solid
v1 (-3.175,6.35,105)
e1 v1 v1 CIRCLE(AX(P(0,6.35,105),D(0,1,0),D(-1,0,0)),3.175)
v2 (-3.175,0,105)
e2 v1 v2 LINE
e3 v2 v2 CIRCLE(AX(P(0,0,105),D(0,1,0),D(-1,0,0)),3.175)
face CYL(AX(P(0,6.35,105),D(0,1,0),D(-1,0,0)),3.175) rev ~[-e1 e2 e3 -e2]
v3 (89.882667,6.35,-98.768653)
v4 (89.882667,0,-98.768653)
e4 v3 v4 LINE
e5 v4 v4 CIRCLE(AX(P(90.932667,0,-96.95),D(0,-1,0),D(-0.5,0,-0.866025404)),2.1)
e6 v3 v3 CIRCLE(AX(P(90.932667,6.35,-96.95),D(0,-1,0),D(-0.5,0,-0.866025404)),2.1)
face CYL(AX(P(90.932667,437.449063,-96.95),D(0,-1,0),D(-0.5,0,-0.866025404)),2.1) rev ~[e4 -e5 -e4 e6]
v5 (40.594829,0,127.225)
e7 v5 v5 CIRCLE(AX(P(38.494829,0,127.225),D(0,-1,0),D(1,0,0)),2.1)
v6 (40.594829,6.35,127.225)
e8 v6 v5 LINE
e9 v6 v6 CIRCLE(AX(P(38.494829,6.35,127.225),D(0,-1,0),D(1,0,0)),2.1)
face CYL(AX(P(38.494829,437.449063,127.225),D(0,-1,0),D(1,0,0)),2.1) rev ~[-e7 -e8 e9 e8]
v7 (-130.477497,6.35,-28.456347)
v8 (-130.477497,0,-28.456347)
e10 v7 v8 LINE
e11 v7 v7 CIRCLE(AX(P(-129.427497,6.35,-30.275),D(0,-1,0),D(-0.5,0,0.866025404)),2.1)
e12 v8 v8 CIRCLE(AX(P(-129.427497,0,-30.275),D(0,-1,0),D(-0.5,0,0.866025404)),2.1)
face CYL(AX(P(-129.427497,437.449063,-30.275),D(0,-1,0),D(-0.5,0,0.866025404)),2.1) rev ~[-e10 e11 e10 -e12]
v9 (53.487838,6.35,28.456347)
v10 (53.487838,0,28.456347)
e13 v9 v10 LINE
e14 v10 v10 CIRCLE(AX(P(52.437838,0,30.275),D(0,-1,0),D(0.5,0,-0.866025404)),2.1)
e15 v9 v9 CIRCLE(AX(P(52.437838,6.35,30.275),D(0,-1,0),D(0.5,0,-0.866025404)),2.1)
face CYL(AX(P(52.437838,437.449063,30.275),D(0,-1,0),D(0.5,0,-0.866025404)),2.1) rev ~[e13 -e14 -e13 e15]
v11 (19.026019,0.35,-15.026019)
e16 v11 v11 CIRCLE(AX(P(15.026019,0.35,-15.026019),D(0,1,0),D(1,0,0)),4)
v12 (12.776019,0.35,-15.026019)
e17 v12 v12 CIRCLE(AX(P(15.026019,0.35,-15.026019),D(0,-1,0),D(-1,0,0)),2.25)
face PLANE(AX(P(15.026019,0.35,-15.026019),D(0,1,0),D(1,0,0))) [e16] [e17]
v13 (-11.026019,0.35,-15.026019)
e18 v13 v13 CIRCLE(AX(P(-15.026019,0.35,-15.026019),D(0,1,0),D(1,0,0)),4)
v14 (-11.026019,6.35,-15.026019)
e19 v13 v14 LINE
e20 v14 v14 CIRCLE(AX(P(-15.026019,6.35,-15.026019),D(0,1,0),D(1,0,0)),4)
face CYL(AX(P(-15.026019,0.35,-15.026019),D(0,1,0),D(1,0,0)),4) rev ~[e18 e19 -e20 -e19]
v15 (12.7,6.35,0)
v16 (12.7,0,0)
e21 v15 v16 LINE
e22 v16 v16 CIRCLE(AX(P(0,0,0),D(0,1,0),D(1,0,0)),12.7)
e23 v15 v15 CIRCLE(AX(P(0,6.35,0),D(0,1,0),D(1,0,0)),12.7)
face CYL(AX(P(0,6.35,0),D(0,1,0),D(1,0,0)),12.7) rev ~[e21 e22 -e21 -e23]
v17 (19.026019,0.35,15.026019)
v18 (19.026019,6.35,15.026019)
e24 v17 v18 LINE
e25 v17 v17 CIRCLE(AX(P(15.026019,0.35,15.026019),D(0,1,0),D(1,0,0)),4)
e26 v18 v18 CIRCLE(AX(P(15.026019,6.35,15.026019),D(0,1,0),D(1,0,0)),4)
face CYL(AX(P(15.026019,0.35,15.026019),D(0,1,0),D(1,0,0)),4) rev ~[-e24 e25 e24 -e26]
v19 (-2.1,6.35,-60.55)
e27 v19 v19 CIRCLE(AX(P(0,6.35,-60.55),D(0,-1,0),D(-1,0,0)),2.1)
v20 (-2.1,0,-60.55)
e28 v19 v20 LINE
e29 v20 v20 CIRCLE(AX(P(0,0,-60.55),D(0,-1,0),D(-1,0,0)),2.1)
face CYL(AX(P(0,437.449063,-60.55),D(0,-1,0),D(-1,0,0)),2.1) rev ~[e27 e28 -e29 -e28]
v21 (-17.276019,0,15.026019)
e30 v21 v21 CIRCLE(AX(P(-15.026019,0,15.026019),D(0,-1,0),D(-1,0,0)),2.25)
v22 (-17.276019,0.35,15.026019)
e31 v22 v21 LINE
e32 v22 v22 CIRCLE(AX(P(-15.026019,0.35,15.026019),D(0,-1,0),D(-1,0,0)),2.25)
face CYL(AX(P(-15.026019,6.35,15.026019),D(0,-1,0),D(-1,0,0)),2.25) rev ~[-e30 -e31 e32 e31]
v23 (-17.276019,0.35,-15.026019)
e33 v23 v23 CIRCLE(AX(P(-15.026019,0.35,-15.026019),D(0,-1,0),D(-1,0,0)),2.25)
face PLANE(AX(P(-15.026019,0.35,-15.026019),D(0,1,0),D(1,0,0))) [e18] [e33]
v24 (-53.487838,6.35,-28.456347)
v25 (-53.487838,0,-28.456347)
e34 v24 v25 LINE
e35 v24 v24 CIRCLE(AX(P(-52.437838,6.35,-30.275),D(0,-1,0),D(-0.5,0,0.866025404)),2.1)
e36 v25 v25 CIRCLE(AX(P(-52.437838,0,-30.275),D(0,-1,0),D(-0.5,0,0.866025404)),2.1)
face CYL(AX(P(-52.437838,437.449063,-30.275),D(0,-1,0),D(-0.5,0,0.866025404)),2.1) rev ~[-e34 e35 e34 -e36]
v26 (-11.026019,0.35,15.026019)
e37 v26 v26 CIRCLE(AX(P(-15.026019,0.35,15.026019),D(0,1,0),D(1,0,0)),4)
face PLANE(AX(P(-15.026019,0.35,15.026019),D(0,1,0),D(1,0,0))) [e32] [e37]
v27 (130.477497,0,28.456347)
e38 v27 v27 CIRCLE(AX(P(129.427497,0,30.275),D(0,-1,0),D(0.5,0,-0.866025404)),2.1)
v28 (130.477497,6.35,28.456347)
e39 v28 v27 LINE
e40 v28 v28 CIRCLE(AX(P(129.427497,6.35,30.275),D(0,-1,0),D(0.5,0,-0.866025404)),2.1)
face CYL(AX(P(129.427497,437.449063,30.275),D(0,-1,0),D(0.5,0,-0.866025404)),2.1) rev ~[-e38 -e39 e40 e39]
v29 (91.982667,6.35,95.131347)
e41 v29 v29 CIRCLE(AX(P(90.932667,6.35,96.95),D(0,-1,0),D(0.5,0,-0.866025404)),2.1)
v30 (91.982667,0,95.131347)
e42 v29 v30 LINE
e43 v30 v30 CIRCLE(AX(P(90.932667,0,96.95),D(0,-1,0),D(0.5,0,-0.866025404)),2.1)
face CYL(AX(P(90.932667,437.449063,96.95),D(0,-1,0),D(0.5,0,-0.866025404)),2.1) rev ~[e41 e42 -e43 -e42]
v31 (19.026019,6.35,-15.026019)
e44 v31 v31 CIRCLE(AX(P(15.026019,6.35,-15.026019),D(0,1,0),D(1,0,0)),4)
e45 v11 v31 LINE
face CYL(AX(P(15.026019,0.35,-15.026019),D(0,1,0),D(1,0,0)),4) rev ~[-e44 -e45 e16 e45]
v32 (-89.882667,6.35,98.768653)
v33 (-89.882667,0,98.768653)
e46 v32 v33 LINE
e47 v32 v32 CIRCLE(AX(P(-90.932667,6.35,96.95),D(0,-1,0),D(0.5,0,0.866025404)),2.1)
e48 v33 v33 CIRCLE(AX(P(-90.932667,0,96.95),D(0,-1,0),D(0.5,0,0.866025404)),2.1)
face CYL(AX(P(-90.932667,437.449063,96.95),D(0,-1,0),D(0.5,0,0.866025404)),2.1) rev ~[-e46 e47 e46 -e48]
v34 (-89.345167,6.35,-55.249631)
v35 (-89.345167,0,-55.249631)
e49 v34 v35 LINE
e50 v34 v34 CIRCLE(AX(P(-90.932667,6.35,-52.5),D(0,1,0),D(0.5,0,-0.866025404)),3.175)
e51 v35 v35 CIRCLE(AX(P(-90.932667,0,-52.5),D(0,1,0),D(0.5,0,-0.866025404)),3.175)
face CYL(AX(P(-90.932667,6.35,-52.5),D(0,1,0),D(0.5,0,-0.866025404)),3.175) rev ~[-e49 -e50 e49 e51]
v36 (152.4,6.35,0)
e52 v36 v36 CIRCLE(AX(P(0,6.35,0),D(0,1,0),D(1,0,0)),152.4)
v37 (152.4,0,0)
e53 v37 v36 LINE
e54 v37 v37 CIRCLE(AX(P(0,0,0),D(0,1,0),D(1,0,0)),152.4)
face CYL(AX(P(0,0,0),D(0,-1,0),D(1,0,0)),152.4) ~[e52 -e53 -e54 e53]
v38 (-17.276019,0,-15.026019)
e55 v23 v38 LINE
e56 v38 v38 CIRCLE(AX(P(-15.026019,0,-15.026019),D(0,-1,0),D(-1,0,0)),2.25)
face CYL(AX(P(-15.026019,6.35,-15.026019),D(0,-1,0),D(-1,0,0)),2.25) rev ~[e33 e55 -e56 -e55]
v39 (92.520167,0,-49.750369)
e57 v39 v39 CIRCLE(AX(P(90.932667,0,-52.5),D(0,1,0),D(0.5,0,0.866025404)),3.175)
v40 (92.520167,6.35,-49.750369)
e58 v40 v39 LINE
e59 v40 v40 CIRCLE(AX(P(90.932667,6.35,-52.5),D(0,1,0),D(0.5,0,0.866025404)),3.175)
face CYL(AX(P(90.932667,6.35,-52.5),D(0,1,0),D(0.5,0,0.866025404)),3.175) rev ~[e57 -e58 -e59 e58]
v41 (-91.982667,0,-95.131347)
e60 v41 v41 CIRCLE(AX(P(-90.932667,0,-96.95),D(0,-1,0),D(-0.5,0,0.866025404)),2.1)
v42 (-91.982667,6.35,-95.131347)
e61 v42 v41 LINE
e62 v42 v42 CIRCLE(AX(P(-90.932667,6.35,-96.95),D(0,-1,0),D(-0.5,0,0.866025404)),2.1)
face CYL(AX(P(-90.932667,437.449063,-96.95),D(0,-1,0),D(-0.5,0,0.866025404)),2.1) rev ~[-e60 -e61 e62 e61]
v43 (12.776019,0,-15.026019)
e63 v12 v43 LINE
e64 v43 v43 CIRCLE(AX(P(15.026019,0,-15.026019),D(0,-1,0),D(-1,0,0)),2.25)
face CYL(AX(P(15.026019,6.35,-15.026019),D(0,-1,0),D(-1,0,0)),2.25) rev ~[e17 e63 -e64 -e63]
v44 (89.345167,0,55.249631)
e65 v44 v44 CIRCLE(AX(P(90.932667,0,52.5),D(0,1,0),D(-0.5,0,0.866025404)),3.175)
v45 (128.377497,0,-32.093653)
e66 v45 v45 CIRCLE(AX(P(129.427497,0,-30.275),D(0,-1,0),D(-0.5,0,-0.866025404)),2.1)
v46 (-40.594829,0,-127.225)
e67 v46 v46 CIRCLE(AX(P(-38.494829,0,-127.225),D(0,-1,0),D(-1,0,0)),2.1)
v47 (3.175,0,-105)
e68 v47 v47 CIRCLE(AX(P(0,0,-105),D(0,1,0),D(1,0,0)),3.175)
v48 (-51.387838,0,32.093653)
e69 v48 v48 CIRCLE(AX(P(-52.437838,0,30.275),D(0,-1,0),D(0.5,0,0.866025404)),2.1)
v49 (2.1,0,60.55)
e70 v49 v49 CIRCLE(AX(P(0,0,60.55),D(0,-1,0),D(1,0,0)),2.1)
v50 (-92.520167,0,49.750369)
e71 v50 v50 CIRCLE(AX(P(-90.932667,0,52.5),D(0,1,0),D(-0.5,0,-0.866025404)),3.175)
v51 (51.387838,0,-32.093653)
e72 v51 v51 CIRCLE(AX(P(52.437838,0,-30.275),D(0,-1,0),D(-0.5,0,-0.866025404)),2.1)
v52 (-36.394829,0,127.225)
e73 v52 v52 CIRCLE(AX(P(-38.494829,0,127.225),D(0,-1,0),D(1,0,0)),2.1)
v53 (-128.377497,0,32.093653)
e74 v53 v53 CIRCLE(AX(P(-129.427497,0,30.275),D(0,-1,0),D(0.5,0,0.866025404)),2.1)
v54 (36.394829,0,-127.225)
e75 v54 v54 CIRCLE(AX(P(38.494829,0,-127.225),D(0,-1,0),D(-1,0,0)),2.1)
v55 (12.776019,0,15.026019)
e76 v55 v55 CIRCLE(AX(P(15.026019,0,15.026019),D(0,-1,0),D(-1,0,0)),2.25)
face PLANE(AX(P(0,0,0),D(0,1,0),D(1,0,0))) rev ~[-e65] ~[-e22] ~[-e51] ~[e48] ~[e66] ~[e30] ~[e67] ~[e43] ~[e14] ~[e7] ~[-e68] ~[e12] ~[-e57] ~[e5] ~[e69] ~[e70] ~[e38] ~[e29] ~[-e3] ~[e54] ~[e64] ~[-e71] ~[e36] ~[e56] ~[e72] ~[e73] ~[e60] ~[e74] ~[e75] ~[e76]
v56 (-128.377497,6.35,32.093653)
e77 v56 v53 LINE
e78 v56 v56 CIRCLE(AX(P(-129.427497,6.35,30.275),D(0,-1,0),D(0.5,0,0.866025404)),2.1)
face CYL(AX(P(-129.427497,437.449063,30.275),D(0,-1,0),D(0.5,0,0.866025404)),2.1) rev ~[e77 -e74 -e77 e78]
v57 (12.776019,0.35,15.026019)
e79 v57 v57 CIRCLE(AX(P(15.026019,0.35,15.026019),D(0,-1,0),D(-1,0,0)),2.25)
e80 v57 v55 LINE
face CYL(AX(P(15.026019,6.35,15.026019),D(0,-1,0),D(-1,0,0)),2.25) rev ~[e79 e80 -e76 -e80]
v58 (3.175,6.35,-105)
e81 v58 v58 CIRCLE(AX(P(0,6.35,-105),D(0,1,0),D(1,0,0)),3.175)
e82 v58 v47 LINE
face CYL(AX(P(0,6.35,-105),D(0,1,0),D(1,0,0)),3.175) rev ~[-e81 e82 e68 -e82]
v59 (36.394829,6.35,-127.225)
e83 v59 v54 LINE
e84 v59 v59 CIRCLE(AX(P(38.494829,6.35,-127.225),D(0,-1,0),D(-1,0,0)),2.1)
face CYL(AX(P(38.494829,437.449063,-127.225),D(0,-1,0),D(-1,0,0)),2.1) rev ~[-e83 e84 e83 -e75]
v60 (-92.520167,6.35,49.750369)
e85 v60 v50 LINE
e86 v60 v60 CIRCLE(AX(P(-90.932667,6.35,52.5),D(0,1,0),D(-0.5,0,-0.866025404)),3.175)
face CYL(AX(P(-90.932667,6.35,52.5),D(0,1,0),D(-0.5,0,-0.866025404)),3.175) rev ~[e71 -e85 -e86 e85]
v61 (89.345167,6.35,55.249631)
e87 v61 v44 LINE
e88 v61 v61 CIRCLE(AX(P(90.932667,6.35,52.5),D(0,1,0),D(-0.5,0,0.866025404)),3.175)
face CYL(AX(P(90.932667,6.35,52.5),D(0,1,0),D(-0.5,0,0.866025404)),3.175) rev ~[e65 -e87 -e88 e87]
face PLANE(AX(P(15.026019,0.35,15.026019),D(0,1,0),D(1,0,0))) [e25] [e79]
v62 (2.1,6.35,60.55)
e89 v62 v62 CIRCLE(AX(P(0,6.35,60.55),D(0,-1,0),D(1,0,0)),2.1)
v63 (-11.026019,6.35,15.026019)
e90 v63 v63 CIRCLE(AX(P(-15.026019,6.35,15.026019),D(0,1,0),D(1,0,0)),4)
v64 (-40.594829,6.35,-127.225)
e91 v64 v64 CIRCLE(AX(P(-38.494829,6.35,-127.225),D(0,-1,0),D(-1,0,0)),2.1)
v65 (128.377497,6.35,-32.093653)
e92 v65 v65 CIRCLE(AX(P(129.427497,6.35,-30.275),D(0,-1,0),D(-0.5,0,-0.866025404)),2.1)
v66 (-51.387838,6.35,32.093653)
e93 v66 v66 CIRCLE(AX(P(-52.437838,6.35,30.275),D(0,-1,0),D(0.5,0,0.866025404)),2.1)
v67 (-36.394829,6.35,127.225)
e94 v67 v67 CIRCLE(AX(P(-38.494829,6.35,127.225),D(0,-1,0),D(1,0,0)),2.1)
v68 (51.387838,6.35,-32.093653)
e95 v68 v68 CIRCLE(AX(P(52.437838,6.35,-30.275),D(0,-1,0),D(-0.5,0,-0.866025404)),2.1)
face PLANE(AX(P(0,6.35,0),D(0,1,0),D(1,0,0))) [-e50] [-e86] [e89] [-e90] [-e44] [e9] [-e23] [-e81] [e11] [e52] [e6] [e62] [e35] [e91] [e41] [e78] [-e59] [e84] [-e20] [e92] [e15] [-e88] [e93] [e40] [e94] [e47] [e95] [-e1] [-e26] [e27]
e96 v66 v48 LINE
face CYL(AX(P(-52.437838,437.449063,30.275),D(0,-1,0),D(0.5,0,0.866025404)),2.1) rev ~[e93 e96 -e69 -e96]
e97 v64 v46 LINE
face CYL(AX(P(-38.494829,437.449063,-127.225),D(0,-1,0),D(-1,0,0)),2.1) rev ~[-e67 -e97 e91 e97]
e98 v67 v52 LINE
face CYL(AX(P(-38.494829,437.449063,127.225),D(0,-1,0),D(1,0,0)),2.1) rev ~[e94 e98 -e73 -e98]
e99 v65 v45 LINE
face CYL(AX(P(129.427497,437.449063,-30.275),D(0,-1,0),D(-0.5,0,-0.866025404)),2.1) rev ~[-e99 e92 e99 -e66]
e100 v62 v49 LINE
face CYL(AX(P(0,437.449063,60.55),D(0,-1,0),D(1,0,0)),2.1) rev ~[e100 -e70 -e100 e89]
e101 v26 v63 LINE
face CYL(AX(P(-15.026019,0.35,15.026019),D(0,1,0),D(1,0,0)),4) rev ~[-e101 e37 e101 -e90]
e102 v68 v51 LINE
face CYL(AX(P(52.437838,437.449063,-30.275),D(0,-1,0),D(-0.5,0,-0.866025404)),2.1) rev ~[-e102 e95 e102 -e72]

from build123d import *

# Parameters (mm, degrees)
SKETCH1_R                      = 152.4
BOSS_EXTRUDE1_DEPTH            = 6.35
M5X0_8_SET_SCREWS_D            = 4.2
SKETCH5_R                      = 3.175
CUT_EXTRUDE1_DEPTH             = 7.35
CIRPATTERN1_COUNT              = 6
SKETCH6_R                      = 12.7
CUT_EXTRUDE2_DEPTH             = 7.35
CBORE_FOR_M4_SHCS1_D           = 4.5
CBORE_FOR_M4_SHCS1_CBORE_D     = 8
CBORE_FOR_M4_SHCS1_CBORE_DEPTH = 6


with BuildPart() as part:
    # Sketch1 → Boss-Extrude1 (new body)
    with BuildSketch(Plane(origin=(0, 0, 0), x_dir=(1, 0, 0), z_dir=(0, 1, 0))):
        Circle(SKETCH1_R)
    extrude(amount=BOSS_EXTRUDE1_DEPTH)

    # M5x0.8 Set Screws (through all)
    with Locations(Plane(origin=(0, 6.35, 0), x_dir=(1, 0, 0), z_dir=(0, 1, 0))):
        with Locations((-38.494829198, 127.225), (38.494829198, 127.225), (0, 60.55)):
            m5x0_8_set_screws = Hole(M5X0_8_SET_SCREWS_D / 2)

    # Sketch5 → Cut-Extrude1 (cut, through all)
    with BuildSketch(Plane(origin=(0, 6.35, 0), x_dir=(1, 0, 0), z_dir=(0, 1, 0))):
        with Locations((0, 105)):
            Circle(SKETCH5_R)
    cut_extrude1 = extrude(amount=-CUT_EXTRUDE1_DEPTH, mode=Mode.SUBTRACT)

    # CirPattern1: M5x0.8 Set Screws, Cut-Extrude1 ×6 about axis
    cirpattern1_axis = Axis((0, 0, 0), (0, 1, 0))
    for i in range(1, CIRPATTERN1_COUNT):
        add(m5x0_8_set_screws.rotate(cirpattern1_axis, i * 360 / CIRPATTERN1_COUNT), mode=Mode.SUBTRACT)
        add(cut_extrude1.rotate(cirpattern1_axis, i * 360 / CIRPATTERN1_COUNT), mode=Mode.SUBTRACT)

    # Sketch6 → Cut-Extrude2 (cut, through all)
    with BuildSketch(Plane(origin=(0, 6.35, 0), x_dir=(1, 0, 0), z_dir=(0, 1, 0))):
        Circle(SKETCH6_R)
    extrude(amount=-CUT_EXTRUDE2_DEPTH, mode=Mode.SUBTRACT)

    # CBORE for M4 SHCS1 (through all)
    with Locations(Plane(origin=(0, 6.35, 0), x_dir=(1, 0, 0), z_dir=(0, 1, 0))):
        with Locations((-15.0260191, 15.0260191), (15.0260191, 15.0260191), (15.0260191, -15.0260191), (-15.0260191, -15.0260191)):
            CounterBoreHole(CBORE_FOR_M4_SHCS1_D / 2, CBORE_FOR_M4_SHCS1_CBORE_D / 2, CBORE_FOR_M4_SHCS1_CBORE_DEPTH)


solid = part.part
